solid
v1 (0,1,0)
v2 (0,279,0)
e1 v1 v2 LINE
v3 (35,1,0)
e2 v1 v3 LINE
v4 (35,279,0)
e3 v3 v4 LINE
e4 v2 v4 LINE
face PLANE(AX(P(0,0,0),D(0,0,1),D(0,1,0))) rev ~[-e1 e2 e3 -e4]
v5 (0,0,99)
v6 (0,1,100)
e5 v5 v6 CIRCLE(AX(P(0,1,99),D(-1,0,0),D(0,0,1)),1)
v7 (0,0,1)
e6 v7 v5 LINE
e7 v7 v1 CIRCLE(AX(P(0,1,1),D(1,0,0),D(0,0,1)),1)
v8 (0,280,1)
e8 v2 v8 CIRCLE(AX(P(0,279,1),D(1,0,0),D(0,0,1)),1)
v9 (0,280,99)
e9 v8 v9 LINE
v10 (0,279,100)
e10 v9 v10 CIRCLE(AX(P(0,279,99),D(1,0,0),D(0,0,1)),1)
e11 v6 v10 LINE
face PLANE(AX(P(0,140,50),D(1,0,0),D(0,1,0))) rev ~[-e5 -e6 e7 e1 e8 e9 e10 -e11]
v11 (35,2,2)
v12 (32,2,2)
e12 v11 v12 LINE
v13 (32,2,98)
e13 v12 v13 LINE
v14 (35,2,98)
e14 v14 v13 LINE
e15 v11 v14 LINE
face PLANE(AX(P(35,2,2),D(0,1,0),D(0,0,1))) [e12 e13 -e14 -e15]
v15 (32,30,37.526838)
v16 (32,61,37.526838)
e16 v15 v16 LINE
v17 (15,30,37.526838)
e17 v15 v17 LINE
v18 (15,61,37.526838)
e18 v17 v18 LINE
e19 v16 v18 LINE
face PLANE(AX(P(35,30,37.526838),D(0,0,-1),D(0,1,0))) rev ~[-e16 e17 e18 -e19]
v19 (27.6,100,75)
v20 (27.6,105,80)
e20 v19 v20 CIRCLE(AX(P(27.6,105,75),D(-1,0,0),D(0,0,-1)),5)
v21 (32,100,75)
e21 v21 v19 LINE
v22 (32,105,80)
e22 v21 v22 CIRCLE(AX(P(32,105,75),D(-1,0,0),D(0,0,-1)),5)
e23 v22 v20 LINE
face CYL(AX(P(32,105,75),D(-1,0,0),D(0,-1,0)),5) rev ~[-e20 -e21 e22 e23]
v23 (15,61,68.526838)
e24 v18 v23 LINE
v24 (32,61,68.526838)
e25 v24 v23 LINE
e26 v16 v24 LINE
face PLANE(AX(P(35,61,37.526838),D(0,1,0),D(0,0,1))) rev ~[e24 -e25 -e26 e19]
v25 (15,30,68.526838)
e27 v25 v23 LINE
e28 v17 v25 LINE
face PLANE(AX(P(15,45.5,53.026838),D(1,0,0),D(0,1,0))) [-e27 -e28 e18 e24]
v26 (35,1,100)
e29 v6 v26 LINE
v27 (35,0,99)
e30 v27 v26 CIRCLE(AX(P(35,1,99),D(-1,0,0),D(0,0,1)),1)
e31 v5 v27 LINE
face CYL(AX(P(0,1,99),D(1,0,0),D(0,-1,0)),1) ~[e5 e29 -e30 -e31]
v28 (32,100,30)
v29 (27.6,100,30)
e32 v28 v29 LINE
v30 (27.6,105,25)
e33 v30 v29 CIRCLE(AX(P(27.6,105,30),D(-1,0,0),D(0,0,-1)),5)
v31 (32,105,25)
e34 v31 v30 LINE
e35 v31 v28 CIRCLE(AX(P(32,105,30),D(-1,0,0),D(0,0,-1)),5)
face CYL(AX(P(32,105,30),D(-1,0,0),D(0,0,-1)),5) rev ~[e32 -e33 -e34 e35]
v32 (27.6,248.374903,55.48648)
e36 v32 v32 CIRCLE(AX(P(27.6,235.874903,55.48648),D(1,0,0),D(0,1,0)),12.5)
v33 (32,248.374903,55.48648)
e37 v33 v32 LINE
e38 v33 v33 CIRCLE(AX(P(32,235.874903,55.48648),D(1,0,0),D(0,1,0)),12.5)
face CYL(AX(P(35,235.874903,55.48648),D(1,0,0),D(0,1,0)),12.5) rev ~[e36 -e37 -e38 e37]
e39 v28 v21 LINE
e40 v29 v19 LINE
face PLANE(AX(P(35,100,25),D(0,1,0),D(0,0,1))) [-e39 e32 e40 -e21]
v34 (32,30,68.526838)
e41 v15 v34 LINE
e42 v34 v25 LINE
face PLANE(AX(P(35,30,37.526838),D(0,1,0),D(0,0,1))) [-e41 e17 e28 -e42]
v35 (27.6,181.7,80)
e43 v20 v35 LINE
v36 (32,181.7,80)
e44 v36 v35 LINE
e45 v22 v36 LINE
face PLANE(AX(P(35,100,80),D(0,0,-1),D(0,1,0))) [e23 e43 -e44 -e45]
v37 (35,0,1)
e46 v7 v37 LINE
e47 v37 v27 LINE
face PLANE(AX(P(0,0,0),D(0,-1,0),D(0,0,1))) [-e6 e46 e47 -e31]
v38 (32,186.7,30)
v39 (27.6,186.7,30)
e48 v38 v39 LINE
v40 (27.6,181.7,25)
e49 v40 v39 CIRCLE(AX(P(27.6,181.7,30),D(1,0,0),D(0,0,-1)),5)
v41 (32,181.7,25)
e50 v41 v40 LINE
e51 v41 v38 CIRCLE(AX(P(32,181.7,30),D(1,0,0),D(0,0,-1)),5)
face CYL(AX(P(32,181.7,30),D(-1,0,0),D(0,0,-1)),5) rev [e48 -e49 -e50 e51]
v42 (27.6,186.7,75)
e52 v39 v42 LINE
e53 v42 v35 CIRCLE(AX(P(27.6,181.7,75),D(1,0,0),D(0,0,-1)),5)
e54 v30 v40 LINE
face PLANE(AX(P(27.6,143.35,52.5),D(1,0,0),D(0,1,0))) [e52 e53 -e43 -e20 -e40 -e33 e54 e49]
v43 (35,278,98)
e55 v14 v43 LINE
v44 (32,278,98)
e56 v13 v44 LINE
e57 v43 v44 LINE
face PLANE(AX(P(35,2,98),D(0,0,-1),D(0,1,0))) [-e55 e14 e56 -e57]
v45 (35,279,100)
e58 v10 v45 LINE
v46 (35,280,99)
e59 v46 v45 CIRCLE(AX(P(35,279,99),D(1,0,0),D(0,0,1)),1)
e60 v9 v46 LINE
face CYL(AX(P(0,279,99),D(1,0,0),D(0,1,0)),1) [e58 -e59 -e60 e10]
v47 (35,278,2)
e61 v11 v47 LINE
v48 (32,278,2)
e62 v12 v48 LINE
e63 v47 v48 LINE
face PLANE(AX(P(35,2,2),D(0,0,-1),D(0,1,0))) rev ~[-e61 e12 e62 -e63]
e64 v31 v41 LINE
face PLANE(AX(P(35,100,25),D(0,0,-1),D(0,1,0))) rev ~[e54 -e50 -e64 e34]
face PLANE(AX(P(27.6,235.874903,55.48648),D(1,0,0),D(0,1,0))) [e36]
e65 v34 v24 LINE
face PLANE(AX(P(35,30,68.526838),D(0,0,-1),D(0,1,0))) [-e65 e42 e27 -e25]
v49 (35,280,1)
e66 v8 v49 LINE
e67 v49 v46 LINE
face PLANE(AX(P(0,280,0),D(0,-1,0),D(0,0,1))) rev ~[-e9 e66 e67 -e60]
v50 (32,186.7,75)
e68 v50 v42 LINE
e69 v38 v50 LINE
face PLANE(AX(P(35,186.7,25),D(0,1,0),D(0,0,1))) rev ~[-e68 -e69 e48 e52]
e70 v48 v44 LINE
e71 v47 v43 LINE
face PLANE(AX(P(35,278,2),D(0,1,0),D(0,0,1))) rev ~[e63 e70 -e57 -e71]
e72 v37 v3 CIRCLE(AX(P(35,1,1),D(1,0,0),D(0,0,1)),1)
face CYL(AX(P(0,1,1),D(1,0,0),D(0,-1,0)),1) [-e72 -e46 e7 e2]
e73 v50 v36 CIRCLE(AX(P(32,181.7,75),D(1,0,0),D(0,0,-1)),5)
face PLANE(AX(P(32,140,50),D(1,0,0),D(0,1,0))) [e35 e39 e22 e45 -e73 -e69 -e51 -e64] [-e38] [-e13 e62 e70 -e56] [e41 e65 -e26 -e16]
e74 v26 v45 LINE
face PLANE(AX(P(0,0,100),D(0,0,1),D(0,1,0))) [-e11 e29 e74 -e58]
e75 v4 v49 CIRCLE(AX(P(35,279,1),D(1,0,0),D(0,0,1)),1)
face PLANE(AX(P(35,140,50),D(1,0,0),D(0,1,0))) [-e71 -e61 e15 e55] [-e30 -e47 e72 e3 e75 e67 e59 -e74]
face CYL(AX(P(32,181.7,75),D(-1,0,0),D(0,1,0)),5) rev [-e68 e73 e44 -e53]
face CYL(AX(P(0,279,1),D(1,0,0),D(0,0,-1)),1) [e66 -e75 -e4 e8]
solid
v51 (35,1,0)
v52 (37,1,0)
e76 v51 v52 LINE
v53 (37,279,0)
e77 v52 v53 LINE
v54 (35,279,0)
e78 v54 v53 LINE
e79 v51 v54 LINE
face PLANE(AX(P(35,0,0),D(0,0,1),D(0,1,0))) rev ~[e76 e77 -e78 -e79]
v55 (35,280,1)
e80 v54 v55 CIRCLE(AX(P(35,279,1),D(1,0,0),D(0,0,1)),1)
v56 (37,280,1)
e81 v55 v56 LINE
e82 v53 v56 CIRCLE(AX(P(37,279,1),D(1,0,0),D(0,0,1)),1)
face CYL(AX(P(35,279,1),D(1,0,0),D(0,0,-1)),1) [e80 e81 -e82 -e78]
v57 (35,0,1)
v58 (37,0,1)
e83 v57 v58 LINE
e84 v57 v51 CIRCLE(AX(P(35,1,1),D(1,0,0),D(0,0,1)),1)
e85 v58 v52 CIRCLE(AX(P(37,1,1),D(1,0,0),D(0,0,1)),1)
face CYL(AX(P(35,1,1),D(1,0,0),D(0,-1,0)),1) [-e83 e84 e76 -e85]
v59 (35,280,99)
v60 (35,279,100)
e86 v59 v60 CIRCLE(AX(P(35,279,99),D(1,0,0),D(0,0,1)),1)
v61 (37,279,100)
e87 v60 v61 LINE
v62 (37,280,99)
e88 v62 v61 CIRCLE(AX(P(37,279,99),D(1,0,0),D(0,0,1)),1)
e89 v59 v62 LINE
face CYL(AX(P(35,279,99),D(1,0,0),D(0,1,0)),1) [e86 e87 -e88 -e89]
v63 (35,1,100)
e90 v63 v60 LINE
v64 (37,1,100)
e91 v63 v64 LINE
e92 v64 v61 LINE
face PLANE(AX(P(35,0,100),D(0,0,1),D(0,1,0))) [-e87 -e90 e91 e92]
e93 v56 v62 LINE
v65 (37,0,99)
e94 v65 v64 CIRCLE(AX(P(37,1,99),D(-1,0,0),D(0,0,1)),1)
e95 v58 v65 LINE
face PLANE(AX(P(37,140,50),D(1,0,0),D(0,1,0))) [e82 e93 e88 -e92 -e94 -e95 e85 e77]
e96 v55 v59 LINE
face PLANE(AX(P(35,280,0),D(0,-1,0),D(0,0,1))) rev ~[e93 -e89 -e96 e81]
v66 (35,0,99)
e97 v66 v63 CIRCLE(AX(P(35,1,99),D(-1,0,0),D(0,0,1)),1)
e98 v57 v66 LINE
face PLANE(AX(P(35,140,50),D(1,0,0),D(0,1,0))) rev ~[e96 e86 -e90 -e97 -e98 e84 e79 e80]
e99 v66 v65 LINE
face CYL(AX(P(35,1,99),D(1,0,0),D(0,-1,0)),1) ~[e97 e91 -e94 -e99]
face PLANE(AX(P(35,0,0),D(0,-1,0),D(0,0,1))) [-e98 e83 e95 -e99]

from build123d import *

# Parameters (mm, degrees)
F0_W     = 280
F0_H     = 100
F1_DEPTH = 35
F2_DEPTH = 2
F3_R     = 1
F3_2_R   = 1
F4_W     = 31
F4_H     = 31
F4_W_2   = 86.7
F4_H_2   = 55
F4_R     = 12.5
F5_DEPTH = 20
F6_W     = 276
F6_H     = 96
F6_W_2   = 31
F6_H_2   = 31
F6_W_3   = 86.7
F6_H_3   = 55
F6_R     = 12.5
F7_DEPTH = 3
F8_R     = 5
F9_DEPTH = 12.6


with BuildPart() as f1:
    # F0 (on Right) → F1 (new body)
    with BuildSketch(Plane.YZ):
        with Locations((140, 50)):
            Rectangle(F0_W, F0_H)
    extrude(amount=F1_DEPTH)


with BuildPart() as f2:
    # F2 (new): a face of the model
    f2_faces = [f1.part.faces().sort_by_distance(p)[0] for p in [
        (35, 140, 50),
    ]]
    extrude(f2_faces, amount=F2_DEPTH)

    # F3#2
    f3_2_edges = [f2.edges().sort_by_distance(p)[0] for p in [
        (36, 280, 0),
        (36, 280, 100),
        (36, 0, 0),
        (36, 0, 100),
    ]]
    fillet(f3_2_edges, radius=F3_2_R)


with BuildPart() as f1_1:
    add(f1.part)

    # F3
    f3_edges = [f1_1.edges().sort_by_distance(p)[0] for p in [
        (17.5, 0, 100),
        (17.5, 0, 0),
        (17.5, 280, 0),
        (17.5, 280, 100),
    ]]
    fillet(f3_edges, radius=F3_R)

    # F4 (on face) → F5 (cut)
    with BuildSketch(Plane.YZ.offset(35)):
        with Locations((45.5, 53.0268381089)):
            Rectangle(F4_W, F4_H)
        with Locations((143.35, 52.5)):
            Rectangle(F4_W_2, F4_H_2)
        with Locations((235.8749031447, 55.4864800468)):
            Circle(F4_R)
    extrude(amount=-F5_DEPTH, mode=Mode.SUBTRACT)

    # F6 (on face) → F7 (cut)
    with BuildSketch(Plane.YZ.offset(35)):
        with Locations((140, 50)):
            Rectangle(F6_W, F6_H)
        with Locations((45.5, 53.0268381089)):
            Rectangle(F6_W_2, F6_H_2, mode=Mode.SUBTRACT)
        with Locations((143.35, 52.5)):
            Rectangle(F6_W_3, F6_H_3, mode=Mode.SUBTRACT)
        with Locations((235.8749031447, 55.4864800468)):
            Circle(F6_R, mode=Mode.SUBTRACT)
    extrude(amount=-F7_DEPTH, mode=Mode.SUBTRACT)

    # F8
    f8_edges = [f1_1.edges().sort_by_distance(p)[0] for p in [
        (23.5, 100, 80),
        (23.5, 186.7, 80),
        (23.5, 186.7, 25),
        (23.5, 100, 25),
    ]]
    fillet(f8_edges, radius=F8_R)

    # F9 (add): faces of the model
    f9_faces = [f1_1.faces().sort_by_distance(p)[0] for p in [
        (15, 143.35, 52.5),
        (15, 235.8749031447, 55.4864800468),
    ]]
    extrude(f9_faces, amount=F9_DEPTH)


solid = Compound([f2.part, f1_1.part])
